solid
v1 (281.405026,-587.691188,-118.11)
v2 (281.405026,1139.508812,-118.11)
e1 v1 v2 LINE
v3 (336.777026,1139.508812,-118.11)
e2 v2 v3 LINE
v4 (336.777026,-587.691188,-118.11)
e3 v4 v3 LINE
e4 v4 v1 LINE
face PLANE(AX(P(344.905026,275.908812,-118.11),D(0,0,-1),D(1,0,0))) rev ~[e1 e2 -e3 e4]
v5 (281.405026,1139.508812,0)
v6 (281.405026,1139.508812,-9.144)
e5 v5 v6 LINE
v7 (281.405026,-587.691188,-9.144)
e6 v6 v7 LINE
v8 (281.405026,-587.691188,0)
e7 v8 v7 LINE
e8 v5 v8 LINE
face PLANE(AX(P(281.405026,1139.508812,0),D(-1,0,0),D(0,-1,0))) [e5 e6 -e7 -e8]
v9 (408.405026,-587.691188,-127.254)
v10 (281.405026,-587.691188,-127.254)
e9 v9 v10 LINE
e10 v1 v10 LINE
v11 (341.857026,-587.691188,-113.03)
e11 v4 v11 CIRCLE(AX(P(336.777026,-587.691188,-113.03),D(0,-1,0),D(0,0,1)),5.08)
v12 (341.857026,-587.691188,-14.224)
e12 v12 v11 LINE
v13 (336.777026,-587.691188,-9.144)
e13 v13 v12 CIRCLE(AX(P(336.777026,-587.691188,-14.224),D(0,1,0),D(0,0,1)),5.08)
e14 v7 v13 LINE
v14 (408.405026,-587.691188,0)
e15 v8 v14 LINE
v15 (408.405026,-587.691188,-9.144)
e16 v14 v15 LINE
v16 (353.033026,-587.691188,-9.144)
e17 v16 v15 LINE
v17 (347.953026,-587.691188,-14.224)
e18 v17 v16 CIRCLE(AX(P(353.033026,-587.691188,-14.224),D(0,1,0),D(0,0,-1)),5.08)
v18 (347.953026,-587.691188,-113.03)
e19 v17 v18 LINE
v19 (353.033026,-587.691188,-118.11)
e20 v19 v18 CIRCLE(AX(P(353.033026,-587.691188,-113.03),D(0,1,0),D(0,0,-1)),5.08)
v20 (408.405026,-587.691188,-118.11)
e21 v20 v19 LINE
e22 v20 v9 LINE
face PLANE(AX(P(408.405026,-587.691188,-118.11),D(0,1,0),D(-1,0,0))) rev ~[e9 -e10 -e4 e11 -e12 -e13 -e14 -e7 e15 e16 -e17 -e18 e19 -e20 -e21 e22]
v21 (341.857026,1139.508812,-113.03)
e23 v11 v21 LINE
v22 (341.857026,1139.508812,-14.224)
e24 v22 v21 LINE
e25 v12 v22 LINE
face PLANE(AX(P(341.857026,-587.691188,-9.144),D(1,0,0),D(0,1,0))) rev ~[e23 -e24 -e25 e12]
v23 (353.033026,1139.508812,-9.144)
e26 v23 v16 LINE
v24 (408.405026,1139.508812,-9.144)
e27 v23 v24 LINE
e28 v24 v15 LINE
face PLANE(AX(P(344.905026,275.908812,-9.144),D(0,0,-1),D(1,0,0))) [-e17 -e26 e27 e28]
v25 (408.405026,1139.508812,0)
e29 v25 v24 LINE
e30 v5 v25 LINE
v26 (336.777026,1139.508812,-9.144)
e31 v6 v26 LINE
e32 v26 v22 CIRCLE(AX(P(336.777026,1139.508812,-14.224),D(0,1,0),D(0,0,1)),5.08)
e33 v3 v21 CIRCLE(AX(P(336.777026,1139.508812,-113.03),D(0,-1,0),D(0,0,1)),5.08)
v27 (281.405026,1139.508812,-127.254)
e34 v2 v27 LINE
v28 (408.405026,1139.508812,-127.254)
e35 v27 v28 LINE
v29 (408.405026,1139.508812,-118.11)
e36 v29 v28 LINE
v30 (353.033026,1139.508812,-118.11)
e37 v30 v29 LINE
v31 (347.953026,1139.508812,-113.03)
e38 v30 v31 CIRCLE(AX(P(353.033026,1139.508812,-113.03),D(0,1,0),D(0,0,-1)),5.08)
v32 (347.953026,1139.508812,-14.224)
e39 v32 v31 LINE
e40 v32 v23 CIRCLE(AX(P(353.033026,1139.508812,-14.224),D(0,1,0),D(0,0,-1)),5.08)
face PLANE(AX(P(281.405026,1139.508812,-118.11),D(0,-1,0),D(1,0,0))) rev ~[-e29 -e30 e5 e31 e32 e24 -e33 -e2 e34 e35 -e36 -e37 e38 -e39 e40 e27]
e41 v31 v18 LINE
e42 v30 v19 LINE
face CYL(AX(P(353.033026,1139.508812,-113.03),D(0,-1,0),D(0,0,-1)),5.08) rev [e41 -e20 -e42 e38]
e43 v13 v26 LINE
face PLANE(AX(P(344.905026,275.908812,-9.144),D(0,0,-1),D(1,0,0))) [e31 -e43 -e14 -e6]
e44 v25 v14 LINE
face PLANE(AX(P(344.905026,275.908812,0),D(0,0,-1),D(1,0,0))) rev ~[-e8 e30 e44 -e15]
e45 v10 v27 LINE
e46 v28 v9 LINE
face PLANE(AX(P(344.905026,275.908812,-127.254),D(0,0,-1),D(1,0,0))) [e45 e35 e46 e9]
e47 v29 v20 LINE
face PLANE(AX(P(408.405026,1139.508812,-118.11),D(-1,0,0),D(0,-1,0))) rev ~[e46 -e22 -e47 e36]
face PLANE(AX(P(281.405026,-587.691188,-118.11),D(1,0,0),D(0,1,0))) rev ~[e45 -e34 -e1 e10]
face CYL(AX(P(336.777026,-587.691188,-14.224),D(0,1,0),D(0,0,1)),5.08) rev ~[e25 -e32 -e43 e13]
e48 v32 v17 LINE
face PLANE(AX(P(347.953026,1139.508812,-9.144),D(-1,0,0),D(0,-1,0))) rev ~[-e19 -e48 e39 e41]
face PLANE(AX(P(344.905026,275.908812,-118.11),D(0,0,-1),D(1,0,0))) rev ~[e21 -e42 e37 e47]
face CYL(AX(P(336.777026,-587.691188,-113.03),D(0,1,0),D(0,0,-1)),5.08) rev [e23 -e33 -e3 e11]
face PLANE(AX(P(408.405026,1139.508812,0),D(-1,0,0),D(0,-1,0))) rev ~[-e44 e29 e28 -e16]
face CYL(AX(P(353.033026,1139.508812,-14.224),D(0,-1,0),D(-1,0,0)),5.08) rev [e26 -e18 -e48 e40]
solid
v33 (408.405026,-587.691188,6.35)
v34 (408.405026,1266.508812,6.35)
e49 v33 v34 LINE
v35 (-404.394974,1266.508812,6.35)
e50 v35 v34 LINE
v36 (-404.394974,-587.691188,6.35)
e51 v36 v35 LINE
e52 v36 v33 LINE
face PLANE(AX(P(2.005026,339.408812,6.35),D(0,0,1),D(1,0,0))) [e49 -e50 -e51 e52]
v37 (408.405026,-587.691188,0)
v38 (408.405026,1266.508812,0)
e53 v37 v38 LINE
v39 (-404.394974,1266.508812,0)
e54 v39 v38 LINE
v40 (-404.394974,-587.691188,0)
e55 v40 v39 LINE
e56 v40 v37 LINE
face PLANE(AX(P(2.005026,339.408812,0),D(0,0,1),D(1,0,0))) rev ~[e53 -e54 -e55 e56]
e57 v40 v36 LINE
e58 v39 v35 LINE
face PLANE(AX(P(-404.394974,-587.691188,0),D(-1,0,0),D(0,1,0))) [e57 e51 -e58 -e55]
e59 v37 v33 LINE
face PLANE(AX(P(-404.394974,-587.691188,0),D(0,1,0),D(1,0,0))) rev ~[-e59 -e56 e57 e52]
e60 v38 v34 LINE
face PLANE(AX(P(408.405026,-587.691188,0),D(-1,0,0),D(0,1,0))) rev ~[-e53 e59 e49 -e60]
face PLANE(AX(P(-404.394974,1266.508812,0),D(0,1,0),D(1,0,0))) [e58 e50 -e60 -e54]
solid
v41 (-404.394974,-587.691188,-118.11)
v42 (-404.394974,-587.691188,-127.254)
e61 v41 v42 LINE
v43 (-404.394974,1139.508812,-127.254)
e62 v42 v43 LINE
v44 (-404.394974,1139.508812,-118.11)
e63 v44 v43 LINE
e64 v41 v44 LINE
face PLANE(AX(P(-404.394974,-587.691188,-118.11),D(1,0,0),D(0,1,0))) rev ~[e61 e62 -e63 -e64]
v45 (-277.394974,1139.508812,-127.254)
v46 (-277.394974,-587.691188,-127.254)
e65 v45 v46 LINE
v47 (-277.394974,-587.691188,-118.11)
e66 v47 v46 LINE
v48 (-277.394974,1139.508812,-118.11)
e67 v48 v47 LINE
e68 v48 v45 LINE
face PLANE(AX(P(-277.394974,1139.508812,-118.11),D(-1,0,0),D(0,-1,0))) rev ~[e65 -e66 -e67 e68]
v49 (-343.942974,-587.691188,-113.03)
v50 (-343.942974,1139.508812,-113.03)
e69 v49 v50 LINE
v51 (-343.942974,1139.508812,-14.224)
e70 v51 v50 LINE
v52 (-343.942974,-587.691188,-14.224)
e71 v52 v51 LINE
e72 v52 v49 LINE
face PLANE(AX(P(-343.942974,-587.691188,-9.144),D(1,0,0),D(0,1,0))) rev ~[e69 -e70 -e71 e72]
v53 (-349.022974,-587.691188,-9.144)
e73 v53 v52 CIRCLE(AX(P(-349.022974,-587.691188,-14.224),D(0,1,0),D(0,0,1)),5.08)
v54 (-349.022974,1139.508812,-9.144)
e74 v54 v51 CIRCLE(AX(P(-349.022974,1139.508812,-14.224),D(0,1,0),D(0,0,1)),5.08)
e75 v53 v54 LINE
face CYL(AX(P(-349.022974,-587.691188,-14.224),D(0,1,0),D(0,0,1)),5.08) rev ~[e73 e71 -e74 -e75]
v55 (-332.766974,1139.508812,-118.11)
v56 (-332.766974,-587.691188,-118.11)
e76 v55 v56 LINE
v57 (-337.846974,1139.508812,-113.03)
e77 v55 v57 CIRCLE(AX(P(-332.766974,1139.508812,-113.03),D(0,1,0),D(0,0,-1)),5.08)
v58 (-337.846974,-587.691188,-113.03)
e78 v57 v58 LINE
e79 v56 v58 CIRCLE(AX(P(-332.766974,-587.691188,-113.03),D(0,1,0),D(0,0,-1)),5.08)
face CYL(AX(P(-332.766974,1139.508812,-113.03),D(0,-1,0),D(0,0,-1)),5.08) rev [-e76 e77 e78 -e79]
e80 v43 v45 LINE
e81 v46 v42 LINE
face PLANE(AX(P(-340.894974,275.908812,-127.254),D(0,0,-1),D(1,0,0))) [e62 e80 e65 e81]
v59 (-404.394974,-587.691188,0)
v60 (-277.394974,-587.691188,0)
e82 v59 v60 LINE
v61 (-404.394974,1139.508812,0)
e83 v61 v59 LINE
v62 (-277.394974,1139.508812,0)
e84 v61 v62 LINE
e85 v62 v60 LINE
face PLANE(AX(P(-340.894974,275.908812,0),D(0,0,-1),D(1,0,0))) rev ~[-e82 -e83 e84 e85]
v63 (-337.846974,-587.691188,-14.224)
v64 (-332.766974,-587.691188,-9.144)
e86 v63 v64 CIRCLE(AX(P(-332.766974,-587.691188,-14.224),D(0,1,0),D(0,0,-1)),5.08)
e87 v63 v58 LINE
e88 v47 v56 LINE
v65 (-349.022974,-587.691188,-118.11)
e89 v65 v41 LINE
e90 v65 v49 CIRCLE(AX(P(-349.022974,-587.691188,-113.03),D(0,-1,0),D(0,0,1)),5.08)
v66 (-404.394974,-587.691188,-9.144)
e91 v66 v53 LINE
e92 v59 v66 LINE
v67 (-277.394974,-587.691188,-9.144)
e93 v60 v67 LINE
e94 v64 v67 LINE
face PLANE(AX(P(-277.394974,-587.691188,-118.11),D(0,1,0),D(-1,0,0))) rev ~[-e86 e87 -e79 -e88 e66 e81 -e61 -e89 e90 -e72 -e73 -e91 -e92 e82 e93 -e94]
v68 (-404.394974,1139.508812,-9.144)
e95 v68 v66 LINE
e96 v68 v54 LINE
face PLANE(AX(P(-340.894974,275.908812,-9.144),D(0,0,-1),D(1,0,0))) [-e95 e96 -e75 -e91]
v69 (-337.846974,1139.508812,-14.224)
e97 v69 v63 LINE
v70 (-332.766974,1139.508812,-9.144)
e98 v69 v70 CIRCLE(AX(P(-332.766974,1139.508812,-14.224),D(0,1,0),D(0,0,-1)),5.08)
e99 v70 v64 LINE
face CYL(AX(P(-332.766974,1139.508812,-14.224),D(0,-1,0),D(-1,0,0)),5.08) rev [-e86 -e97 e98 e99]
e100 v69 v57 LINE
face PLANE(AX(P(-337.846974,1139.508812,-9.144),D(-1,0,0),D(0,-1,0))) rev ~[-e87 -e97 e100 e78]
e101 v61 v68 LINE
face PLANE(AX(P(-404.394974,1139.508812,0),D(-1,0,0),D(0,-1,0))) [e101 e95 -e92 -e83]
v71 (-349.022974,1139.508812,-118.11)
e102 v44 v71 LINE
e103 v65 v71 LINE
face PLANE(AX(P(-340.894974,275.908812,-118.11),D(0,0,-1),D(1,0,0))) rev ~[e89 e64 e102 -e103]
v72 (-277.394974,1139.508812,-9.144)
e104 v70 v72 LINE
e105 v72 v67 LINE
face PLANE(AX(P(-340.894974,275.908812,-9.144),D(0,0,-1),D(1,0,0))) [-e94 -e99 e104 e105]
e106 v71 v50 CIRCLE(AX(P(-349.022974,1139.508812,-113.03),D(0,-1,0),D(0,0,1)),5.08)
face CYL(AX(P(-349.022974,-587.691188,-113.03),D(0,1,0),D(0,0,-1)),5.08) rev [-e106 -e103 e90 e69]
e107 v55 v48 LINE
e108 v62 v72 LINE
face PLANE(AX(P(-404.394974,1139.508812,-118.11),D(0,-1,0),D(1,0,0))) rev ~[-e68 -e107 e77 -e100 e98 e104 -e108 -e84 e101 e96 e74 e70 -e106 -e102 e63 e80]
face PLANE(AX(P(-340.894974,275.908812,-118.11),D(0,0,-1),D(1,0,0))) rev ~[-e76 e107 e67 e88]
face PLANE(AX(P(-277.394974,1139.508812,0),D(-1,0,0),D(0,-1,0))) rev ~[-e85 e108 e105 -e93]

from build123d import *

# Parameters (mm, degrees)
F0_W      = 812.8
F0_H      = 1854.2
F1_DEPTH  = 6.35
F2_W      = 127
F2_H      = 1727.2
F3_DEPTH  = 9.144
F5_DEPTH  = 108.966
F7_DEPTH  = 9.144
F8_W      = 127
F8_H      = 1727.2
F9_DEPTH  = 9.144
F11_DEPTH = 108.966
F13_DEPTH = 9.144
F14_R     = 5.08
F15_R     = 5.08


with BuildPart() as f1:
    # F0 (on Top) → F1 (new body)
    with BuildSketch(Plane.XY):
        with Locations((2.005026, 339.408812)):
            Rectangle(F0_W, F0_H)
    extrude(amount=F1_DEPTH)


with BuildPart() as f3:
    # F2 (on face) → F3 (new body)
    with BuildSketch(Plane(origin=(0, 0, 0), x_dir=(1, 0, 0), z_dir=(0, 0, -1))):
        with Locations((-340.894974, -275.908812)):
            Rectangle(F2_W, F2_H)
    extrude(amount=F3_DEPTH)

    # F4 (on face) → F5 (join)
    with BuildSketch(Plane(origin=(0, 0, -9.144), x_dir=(1, 0, 0), z_dir=(0, 0, -1))):
        Polygon((-337.846974, 587.691188), (-340.894974, 587.691188), (-343.942974, 587.691188), (-343.942974, -1139.508812), (-337.846974, -1139.508812), align=None)
    extrude(amount=F5_DEPTH)

    # F6 (on face) → F7 (join)
    with BuildSketch(Plane(origin=(0, 0, -118.11), x_dir=(1, 0, 0), z_dir=(0, 0, -1))):
        Polygon((-277.394974, 587.691188), (-340.894974, 587.691188), (-404.394974, 587.691188), (-404.394974, -1139.508812), (-277.394974, -1139.508812), align=None)
    extrude(amount=F7_DEPTH)

    # F14
    f14_edges = [f3.edges().sort_by_distance(p)[0] for p in [
        (-343.942974, 275.908812, -9.144),
        (-343.942974, 275.908812, -118.11),
        (-337.846974, 275.908812, -118.11),
        (-337.846974, 275.908812, -9.144),
    ]]
    fillet(f14_edges, radius=F14_R)


with BuildPart() as f9:
    # F8 (on face) → F9 (new body)
    with BuildSketch(Plane(origin=(0, 0, 0), x_dir=(1, 0, 0), z_dir=(0, 0, -1))):
        with Locations((344.905026, -275.908812)):
            Rectangle(F8_W, F8_H)
    extrude(amount=F9_DEPTH)

    # F10 (on face) → F11 (join)
    with BuildSketch(Plane(origin=(0, 0, -9.144), x_dir=(1, 0, 0), z_dir=(0, 0, -1))):
        Polygon((347.953026, 587.691188), (344.905026, 587.691188), (341.857026, 587.691188), (341.857026, -1139.508812), (347.953026, -1139.508812), align=None)
    extrude(amount=F11_DEPTH)

    # F12 (on face) → F13 (join)
    with BuildSketch(Plane(origin=(0, 0, -118.11), x_dir=(1, 0, 0), z_dir=(0, 0, -1))):
        Polygon((408.405026, 587.691188), (344.905026, 587.691188), (281.405026, 587.691188), (281.405026, -1139.508812), (408.405026, -1139.508812), align=None)
    extrude(amount=F13_DEPTH)

    # F15
    f15_edges = [f9.edges().sort_by_distance(p)[0] for p in [
        (347.953026, 275.908812, -9.144),
        (347.953026, 275.908812, -118.11),
        (341.857026, 275.908812, -9.144),
        (341.857026, 275.908812, -118.11),
    ]]
    fillet(f15_edges, radius=F15_R)


solid = Compound([f1.part, f3.part, f9.part])
